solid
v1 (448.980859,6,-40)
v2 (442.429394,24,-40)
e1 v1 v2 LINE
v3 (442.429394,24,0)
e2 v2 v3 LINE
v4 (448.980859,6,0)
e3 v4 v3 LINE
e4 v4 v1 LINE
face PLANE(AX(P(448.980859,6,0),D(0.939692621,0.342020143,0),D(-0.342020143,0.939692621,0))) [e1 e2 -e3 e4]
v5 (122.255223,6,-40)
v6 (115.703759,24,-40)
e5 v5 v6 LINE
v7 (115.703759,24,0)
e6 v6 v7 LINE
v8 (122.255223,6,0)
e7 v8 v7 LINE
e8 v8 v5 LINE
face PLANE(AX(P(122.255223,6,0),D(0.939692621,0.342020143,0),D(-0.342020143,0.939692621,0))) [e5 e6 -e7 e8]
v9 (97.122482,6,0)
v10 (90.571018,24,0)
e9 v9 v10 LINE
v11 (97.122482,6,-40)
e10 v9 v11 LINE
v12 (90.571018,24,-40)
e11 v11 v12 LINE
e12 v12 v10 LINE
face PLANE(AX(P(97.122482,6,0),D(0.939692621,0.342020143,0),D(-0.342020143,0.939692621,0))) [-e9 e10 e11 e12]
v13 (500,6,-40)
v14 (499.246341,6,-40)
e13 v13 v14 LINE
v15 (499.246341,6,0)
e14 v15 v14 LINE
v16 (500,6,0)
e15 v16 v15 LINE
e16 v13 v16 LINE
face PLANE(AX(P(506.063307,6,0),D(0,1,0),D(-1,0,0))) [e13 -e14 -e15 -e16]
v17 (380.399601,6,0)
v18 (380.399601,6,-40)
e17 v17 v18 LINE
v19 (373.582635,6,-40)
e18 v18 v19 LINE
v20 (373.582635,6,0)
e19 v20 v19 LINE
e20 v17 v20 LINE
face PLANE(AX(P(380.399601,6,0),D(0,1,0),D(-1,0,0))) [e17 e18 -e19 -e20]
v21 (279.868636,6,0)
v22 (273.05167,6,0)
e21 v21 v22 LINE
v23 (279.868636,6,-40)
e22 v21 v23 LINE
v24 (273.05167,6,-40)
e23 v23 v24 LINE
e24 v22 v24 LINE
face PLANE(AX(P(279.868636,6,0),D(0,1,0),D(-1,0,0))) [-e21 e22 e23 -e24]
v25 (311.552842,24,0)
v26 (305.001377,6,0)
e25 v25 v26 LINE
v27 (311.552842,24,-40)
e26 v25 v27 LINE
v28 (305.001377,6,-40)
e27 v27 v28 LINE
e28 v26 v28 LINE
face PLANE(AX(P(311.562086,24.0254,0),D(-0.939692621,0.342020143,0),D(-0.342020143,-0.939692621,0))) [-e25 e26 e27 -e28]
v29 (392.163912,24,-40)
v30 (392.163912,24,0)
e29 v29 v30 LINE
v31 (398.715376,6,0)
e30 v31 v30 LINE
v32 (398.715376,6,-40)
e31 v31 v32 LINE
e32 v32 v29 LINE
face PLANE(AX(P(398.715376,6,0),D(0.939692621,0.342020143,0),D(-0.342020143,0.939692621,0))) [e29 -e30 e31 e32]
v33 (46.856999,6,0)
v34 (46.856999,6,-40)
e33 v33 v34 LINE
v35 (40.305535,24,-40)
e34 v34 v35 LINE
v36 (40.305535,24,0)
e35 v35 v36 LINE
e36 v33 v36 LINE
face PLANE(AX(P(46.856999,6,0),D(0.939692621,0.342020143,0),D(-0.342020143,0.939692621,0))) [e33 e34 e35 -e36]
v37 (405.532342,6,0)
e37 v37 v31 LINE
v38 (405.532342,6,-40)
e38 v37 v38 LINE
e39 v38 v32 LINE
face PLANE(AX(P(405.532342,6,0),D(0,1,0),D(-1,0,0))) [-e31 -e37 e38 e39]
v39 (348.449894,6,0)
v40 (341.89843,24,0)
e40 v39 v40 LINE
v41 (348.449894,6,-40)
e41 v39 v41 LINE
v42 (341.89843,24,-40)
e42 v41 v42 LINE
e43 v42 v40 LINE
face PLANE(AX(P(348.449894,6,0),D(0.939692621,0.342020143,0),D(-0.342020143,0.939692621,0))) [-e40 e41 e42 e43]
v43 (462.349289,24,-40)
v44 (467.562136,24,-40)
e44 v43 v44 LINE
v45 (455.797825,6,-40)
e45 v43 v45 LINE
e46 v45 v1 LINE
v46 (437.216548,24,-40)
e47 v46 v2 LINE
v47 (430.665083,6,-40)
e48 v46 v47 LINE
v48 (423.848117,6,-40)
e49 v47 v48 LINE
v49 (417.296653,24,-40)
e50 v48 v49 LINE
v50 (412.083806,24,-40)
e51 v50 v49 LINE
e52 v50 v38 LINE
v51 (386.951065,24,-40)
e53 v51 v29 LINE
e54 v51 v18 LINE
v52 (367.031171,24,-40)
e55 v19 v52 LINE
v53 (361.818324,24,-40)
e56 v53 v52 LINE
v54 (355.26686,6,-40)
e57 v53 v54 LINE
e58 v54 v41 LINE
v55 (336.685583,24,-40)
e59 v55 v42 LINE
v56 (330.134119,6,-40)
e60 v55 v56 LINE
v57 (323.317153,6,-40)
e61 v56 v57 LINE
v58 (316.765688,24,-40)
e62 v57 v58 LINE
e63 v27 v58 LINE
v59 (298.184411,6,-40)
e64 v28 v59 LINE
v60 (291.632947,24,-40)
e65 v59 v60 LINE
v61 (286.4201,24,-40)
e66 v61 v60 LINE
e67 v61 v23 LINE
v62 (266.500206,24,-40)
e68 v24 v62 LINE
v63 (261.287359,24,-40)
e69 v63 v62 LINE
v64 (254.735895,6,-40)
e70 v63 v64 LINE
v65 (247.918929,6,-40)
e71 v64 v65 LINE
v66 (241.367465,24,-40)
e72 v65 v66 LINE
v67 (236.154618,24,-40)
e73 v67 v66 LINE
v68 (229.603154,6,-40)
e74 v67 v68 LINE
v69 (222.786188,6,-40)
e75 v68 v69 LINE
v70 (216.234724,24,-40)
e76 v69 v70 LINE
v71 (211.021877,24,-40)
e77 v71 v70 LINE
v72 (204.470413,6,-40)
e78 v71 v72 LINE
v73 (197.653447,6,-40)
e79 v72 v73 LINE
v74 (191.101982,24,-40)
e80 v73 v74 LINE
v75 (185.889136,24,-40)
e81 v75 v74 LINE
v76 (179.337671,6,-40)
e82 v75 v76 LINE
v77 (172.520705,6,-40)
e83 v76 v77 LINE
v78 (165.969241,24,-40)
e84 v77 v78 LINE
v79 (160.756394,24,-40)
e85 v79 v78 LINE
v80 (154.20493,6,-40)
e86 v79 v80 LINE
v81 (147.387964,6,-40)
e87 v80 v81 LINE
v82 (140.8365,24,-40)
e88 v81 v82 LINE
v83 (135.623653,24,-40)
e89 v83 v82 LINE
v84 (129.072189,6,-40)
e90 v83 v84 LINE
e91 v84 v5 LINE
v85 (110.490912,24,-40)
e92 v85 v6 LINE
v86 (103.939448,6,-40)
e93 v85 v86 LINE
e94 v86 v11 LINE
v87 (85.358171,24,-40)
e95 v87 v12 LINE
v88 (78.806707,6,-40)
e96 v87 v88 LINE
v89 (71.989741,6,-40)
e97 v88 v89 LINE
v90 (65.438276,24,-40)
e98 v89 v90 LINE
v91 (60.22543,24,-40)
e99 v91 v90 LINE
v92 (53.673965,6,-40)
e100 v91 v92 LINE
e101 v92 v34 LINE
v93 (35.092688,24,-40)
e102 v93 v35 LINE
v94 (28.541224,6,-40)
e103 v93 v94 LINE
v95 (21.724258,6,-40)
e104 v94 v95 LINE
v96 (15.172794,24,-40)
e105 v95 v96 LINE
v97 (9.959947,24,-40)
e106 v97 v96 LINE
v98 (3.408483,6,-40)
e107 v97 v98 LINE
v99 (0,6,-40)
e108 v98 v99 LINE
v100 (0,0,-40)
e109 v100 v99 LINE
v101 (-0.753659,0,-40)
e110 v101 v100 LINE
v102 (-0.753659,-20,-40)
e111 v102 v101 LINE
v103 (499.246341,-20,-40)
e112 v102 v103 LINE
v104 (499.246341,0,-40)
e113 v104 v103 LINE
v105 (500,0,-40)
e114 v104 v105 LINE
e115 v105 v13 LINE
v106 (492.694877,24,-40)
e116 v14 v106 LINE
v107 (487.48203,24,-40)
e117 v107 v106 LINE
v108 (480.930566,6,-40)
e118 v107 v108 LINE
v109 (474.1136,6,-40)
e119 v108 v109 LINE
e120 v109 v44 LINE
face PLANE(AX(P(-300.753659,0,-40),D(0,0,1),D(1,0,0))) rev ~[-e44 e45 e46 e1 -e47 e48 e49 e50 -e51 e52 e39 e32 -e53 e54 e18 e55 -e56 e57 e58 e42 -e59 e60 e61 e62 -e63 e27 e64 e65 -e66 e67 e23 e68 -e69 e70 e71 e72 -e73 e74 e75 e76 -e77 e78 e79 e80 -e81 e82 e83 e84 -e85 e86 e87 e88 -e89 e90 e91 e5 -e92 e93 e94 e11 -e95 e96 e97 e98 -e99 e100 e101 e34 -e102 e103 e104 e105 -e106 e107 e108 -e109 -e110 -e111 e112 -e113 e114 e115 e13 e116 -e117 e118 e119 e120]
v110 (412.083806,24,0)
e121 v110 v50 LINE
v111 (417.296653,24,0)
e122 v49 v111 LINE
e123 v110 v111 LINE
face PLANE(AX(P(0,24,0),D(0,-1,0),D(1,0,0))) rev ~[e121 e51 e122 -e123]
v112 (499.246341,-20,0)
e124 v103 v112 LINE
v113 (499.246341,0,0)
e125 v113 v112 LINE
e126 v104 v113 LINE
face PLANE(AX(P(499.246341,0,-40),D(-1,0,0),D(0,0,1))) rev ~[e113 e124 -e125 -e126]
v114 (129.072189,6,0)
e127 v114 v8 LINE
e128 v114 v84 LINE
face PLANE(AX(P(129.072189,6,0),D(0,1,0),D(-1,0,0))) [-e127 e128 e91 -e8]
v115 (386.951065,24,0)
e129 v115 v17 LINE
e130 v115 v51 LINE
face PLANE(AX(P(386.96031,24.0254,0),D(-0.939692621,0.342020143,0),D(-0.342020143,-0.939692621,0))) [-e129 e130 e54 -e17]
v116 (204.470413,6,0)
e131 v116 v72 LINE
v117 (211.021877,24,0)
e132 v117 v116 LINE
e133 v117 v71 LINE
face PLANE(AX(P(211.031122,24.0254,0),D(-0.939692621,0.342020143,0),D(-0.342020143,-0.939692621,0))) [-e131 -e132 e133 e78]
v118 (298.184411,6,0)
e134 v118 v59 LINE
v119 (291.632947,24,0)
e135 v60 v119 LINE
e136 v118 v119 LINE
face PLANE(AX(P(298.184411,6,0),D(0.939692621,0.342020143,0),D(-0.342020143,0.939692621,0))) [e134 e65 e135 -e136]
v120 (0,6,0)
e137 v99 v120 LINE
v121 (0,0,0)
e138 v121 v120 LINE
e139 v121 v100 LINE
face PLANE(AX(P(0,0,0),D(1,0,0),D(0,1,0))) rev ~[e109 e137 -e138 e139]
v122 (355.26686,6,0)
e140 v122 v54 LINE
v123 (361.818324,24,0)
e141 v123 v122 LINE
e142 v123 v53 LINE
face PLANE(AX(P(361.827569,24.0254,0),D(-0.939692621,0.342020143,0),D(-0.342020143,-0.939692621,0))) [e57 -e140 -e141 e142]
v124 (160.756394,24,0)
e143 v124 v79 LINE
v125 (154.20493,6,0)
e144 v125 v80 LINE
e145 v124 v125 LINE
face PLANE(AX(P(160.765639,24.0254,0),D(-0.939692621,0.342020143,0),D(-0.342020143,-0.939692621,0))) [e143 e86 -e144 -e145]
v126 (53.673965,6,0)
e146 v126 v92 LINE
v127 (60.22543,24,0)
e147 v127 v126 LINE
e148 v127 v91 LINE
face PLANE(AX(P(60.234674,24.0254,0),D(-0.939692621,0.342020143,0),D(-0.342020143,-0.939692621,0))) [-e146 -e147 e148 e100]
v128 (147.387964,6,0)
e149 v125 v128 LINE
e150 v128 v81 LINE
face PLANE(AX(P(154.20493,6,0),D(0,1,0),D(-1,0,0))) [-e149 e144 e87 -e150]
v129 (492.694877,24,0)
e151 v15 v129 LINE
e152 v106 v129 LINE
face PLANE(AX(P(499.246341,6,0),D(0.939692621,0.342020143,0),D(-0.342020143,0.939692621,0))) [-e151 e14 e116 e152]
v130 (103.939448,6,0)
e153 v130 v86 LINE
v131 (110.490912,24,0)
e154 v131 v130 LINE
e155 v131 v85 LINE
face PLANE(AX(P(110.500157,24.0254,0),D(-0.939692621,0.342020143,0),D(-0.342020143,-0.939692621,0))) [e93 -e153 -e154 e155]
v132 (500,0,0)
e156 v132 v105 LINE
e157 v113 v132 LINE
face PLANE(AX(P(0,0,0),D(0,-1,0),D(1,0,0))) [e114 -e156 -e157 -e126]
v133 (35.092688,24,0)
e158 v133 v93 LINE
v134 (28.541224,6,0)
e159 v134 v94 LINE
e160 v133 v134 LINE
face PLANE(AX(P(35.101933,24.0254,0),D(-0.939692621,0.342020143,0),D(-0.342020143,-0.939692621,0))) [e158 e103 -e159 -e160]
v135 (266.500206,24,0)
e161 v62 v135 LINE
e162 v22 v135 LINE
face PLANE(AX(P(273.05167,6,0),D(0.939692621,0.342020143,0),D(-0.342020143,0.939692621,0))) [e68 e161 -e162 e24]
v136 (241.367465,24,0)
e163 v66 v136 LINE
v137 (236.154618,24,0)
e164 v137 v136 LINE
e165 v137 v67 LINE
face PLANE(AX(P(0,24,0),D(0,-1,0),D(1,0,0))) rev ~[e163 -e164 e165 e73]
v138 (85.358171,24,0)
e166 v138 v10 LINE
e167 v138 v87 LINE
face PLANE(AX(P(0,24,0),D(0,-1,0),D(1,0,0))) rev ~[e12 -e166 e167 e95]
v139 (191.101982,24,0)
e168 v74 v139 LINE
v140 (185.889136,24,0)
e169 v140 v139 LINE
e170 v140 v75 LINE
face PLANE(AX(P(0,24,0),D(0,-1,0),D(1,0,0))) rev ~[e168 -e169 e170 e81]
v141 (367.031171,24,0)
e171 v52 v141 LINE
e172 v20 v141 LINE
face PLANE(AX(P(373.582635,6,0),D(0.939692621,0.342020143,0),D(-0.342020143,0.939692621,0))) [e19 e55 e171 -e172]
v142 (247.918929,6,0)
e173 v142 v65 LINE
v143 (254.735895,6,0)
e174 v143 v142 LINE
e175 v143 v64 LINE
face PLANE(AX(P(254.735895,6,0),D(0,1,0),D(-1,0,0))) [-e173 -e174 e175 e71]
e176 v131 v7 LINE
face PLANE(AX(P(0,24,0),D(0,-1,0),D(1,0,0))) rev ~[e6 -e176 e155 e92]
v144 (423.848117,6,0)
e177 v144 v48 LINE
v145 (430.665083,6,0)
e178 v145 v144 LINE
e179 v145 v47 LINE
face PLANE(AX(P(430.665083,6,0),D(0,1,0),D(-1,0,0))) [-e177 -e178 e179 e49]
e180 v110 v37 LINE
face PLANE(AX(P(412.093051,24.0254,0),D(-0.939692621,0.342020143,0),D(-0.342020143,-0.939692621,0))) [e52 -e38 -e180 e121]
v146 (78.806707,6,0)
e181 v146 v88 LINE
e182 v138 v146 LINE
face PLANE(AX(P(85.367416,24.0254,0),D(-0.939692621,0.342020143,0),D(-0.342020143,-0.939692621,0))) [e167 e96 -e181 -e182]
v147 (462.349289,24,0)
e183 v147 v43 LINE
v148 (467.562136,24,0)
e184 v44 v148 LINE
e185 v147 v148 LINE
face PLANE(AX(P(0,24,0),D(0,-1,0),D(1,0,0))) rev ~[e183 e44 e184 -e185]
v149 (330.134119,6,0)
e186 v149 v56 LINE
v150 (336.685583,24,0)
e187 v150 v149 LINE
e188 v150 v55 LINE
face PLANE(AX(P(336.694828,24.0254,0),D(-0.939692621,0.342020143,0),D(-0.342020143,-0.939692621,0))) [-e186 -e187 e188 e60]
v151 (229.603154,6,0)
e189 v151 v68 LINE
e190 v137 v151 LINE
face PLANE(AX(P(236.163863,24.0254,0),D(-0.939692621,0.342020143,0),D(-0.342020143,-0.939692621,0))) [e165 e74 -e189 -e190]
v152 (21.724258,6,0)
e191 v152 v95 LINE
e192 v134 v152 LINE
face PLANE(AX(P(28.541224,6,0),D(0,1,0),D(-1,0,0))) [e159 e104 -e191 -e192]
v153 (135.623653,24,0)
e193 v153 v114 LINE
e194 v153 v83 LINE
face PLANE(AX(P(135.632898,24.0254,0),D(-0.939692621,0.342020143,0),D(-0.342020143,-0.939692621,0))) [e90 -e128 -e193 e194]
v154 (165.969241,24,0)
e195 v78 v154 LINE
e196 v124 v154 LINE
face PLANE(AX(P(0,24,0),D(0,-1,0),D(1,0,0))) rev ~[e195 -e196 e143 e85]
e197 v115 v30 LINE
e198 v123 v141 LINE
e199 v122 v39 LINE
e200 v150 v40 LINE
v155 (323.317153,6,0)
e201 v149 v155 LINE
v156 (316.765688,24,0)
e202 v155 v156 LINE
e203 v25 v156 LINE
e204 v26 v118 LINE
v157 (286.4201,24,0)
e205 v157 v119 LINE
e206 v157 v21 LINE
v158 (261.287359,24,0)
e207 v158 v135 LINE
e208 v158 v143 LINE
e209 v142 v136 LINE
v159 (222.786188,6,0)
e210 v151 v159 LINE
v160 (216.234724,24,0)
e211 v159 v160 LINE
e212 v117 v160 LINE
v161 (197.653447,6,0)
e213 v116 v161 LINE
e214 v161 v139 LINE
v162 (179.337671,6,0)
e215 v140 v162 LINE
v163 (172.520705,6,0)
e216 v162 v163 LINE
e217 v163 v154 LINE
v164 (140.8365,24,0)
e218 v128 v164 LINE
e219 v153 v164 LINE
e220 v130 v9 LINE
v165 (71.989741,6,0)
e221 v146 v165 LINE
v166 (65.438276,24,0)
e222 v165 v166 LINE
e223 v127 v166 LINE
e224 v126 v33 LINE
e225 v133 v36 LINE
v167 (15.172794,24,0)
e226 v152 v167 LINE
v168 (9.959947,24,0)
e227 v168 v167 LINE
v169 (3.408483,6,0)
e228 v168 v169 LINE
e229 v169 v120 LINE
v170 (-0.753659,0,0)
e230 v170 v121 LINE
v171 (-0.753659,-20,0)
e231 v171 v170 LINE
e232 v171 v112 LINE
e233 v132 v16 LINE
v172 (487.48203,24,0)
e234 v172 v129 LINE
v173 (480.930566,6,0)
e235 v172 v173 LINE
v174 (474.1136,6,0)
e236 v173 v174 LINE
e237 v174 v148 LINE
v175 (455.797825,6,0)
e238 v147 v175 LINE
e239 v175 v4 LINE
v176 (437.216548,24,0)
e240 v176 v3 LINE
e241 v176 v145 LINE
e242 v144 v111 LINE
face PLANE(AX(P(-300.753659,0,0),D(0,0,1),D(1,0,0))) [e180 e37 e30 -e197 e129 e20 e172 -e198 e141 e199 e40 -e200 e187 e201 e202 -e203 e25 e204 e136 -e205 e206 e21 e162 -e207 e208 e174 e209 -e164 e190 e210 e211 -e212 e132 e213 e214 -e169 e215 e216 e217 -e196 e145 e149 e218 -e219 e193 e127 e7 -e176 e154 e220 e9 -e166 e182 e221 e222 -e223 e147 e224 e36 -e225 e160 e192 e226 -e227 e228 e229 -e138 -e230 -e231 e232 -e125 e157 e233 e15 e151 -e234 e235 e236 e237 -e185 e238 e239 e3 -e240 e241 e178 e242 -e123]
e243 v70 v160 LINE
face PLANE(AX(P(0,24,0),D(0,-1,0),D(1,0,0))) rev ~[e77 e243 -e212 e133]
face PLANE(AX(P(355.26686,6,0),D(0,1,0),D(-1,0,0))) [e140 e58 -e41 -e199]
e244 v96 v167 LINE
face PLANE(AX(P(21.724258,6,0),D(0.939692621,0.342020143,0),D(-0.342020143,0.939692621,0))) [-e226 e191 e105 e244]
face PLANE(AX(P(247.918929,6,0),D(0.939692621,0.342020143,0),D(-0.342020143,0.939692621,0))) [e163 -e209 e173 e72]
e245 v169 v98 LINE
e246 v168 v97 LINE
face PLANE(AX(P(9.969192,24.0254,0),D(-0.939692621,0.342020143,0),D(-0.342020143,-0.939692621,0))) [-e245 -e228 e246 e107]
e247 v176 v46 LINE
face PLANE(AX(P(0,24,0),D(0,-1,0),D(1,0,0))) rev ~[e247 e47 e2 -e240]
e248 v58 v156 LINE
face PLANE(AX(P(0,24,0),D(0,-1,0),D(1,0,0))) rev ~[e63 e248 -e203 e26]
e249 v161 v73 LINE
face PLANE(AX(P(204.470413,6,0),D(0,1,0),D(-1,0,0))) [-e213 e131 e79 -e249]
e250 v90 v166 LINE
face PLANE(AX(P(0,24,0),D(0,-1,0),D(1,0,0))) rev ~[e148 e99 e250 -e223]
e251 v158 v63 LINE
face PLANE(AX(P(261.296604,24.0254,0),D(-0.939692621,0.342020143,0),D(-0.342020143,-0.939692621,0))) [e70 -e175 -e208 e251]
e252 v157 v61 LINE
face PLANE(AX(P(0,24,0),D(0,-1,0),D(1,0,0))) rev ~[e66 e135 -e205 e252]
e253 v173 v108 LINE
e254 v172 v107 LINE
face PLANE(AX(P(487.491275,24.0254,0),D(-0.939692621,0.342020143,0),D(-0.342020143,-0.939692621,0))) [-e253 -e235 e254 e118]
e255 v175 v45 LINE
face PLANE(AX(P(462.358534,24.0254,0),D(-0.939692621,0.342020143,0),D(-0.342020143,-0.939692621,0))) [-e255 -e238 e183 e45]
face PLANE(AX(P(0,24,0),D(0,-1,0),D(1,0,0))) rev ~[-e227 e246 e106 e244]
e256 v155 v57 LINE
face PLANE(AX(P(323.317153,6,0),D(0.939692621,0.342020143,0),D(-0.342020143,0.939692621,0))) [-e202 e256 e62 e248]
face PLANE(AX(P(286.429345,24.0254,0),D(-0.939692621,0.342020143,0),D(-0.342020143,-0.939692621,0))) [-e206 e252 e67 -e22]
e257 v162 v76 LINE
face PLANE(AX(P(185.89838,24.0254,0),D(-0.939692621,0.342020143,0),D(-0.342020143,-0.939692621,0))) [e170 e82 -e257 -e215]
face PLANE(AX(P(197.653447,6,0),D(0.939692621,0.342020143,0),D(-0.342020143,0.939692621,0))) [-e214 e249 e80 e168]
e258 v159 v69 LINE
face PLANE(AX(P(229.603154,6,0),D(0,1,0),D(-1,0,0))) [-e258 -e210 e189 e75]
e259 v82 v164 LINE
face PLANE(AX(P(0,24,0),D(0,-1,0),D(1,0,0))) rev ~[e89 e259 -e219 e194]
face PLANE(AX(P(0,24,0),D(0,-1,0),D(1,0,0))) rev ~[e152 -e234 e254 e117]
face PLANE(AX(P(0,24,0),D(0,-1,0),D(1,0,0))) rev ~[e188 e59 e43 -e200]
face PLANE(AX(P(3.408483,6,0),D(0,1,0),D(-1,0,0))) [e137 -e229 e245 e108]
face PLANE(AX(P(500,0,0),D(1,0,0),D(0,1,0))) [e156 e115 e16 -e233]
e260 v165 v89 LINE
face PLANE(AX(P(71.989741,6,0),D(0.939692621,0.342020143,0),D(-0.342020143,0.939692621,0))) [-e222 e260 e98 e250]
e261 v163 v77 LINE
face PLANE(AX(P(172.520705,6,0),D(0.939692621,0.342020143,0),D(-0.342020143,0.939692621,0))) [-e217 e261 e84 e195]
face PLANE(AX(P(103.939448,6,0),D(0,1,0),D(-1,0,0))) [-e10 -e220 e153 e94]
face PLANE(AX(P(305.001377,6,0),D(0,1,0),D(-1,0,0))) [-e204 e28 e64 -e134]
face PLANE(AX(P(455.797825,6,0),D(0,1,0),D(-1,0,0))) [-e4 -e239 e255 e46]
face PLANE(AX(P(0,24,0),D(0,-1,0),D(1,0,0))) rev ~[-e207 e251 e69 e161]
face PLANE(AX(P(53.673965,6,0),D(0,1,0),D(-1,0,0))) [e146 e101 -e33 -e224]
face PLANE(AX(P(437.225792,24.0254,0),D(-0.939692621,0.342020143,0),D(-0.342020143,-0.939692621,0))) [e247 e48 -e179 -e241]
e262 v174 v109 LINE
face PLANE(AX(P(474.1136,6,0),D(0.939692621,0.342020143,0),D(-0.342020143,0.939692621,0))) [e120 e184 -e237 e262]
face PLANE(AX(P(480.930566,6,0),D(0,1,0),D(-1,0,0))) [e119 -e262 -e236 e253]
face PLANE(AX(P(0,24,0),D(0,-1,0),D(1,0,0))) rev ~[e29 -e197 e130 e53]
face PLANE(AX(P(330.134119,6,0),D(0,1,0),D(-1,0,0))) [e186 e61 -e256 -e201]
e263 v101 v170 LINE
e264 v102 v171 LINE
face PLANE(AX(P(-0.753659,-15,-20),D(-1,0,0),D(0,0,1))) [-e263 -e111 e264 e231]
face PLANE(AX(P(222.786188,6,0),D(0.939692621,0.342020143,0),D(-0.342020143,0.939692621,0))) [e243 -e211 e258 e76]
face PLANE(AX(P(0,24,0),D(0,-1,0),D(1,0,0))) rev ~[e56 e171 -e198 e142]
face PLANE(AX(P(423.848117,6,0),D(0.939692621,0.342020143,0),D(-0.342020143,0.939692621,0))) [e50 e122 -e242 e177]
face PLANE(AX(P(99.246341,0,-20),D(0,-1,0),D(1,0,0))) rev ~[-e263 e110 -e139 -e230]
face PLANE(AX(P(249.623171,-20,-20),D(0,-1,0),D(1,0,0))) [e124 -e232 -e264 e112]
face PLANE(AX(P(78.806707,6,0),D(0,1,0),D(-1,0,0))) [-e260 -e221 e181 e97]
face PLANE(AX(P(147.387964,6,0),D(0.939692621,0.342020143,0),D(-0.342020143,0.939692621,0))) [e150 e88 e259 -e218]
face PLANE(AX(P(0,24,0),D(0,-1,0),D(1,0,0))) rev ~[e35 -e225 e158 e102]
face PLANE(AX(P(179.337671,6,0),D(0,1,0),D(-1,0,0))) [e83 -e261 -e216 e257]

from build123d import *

# Parameters (mm, degrees)
BLANKSKE_W          = 500
BLANKSKE_H          = 24
BLANK_DEPTH         = 40
TOOTHCUTSIM_DEPTH   = 503.171285519
TEETHCUTS_COUNT     = 21
TEETHCUTS_PITCH     = 25.1327412
SKETCH1_W           = 800
SKETCH1_H           = 40
BOSS_EXTRUDE1_DEPTH = 30
SKETCH2_W           = 40
SKETCH2_H           = 30
CUT_EXTRUDE1_DEPTH  = 300
SKETCH3_W           = 500.753658957
SKETCH3_H           = 40
CUT_EXTRUDE3_DEPTH  = 10


with BuildPart() as part:
    # BlankSke → Blank (new body)
    with BuildSketch(Plane.XY):
        with Locations((250, 12)):
            Rectangle(BLANKSKE_W, BLANKSKE_H)
    extrude(amount=-BLANK_DEPTH)

    # TooCutSkeSim → ToothCutSim (cut, through all)
    with BuildSketch(Plane.XY):
        Polygon((3.408482957, 6), (-3.408482957, 6), (-9.969192018, 24.0254), (9.969192018, 24.0254), align=None)
    toothcutsim = extrude(amount=-TOOTHCUTSIM_DEPTH, mode=Mode.SUBTRACT)

    # TeethCuts: ToothCutSim ×21
    with Locations(*[(i * TEETHCUTS_PITCH, 0, 0) for i in range(1, TEETHCUTS_COUNT)]):
        add(toothcutsim, mode=Mode.SUBTRACT)

    # Sketch1 → Boss-Extrude1 (add)
    with BuildSketch(Plane.XZ):
        with Locations((99.246341043, -20)):
            Rectangle(SKETCH1_W, SKETCH1_H)
    extrude(amount=BOSS_EXTRUDE1_DEPTH)

    # Sketch2 → Cut-Extrude1 (cut)
    with BuildSketch(Plane.ZY.offset(300.753658957)):
        with Locations((-20, -15)):
            Rectangle(SKETCH2_W, SKETCH2_H)
    extrude(amount=-CUT_EXTRUDE1_DEPTH, mode=Mode.SUBTRACT)

    # Sketch3 → Cut-Extrude3 (cut)
    with BuildSketch(Plane.XZ.offset(30)):
        with Locations((249.623170522, -20)):
            Rectangle(SKETCH3_W, SKETCH3_H)
    extrude(amount=-CUT_EXTRUDE3_DEPTH, mode=Mode.SUBTRACT)


solid = part.part
